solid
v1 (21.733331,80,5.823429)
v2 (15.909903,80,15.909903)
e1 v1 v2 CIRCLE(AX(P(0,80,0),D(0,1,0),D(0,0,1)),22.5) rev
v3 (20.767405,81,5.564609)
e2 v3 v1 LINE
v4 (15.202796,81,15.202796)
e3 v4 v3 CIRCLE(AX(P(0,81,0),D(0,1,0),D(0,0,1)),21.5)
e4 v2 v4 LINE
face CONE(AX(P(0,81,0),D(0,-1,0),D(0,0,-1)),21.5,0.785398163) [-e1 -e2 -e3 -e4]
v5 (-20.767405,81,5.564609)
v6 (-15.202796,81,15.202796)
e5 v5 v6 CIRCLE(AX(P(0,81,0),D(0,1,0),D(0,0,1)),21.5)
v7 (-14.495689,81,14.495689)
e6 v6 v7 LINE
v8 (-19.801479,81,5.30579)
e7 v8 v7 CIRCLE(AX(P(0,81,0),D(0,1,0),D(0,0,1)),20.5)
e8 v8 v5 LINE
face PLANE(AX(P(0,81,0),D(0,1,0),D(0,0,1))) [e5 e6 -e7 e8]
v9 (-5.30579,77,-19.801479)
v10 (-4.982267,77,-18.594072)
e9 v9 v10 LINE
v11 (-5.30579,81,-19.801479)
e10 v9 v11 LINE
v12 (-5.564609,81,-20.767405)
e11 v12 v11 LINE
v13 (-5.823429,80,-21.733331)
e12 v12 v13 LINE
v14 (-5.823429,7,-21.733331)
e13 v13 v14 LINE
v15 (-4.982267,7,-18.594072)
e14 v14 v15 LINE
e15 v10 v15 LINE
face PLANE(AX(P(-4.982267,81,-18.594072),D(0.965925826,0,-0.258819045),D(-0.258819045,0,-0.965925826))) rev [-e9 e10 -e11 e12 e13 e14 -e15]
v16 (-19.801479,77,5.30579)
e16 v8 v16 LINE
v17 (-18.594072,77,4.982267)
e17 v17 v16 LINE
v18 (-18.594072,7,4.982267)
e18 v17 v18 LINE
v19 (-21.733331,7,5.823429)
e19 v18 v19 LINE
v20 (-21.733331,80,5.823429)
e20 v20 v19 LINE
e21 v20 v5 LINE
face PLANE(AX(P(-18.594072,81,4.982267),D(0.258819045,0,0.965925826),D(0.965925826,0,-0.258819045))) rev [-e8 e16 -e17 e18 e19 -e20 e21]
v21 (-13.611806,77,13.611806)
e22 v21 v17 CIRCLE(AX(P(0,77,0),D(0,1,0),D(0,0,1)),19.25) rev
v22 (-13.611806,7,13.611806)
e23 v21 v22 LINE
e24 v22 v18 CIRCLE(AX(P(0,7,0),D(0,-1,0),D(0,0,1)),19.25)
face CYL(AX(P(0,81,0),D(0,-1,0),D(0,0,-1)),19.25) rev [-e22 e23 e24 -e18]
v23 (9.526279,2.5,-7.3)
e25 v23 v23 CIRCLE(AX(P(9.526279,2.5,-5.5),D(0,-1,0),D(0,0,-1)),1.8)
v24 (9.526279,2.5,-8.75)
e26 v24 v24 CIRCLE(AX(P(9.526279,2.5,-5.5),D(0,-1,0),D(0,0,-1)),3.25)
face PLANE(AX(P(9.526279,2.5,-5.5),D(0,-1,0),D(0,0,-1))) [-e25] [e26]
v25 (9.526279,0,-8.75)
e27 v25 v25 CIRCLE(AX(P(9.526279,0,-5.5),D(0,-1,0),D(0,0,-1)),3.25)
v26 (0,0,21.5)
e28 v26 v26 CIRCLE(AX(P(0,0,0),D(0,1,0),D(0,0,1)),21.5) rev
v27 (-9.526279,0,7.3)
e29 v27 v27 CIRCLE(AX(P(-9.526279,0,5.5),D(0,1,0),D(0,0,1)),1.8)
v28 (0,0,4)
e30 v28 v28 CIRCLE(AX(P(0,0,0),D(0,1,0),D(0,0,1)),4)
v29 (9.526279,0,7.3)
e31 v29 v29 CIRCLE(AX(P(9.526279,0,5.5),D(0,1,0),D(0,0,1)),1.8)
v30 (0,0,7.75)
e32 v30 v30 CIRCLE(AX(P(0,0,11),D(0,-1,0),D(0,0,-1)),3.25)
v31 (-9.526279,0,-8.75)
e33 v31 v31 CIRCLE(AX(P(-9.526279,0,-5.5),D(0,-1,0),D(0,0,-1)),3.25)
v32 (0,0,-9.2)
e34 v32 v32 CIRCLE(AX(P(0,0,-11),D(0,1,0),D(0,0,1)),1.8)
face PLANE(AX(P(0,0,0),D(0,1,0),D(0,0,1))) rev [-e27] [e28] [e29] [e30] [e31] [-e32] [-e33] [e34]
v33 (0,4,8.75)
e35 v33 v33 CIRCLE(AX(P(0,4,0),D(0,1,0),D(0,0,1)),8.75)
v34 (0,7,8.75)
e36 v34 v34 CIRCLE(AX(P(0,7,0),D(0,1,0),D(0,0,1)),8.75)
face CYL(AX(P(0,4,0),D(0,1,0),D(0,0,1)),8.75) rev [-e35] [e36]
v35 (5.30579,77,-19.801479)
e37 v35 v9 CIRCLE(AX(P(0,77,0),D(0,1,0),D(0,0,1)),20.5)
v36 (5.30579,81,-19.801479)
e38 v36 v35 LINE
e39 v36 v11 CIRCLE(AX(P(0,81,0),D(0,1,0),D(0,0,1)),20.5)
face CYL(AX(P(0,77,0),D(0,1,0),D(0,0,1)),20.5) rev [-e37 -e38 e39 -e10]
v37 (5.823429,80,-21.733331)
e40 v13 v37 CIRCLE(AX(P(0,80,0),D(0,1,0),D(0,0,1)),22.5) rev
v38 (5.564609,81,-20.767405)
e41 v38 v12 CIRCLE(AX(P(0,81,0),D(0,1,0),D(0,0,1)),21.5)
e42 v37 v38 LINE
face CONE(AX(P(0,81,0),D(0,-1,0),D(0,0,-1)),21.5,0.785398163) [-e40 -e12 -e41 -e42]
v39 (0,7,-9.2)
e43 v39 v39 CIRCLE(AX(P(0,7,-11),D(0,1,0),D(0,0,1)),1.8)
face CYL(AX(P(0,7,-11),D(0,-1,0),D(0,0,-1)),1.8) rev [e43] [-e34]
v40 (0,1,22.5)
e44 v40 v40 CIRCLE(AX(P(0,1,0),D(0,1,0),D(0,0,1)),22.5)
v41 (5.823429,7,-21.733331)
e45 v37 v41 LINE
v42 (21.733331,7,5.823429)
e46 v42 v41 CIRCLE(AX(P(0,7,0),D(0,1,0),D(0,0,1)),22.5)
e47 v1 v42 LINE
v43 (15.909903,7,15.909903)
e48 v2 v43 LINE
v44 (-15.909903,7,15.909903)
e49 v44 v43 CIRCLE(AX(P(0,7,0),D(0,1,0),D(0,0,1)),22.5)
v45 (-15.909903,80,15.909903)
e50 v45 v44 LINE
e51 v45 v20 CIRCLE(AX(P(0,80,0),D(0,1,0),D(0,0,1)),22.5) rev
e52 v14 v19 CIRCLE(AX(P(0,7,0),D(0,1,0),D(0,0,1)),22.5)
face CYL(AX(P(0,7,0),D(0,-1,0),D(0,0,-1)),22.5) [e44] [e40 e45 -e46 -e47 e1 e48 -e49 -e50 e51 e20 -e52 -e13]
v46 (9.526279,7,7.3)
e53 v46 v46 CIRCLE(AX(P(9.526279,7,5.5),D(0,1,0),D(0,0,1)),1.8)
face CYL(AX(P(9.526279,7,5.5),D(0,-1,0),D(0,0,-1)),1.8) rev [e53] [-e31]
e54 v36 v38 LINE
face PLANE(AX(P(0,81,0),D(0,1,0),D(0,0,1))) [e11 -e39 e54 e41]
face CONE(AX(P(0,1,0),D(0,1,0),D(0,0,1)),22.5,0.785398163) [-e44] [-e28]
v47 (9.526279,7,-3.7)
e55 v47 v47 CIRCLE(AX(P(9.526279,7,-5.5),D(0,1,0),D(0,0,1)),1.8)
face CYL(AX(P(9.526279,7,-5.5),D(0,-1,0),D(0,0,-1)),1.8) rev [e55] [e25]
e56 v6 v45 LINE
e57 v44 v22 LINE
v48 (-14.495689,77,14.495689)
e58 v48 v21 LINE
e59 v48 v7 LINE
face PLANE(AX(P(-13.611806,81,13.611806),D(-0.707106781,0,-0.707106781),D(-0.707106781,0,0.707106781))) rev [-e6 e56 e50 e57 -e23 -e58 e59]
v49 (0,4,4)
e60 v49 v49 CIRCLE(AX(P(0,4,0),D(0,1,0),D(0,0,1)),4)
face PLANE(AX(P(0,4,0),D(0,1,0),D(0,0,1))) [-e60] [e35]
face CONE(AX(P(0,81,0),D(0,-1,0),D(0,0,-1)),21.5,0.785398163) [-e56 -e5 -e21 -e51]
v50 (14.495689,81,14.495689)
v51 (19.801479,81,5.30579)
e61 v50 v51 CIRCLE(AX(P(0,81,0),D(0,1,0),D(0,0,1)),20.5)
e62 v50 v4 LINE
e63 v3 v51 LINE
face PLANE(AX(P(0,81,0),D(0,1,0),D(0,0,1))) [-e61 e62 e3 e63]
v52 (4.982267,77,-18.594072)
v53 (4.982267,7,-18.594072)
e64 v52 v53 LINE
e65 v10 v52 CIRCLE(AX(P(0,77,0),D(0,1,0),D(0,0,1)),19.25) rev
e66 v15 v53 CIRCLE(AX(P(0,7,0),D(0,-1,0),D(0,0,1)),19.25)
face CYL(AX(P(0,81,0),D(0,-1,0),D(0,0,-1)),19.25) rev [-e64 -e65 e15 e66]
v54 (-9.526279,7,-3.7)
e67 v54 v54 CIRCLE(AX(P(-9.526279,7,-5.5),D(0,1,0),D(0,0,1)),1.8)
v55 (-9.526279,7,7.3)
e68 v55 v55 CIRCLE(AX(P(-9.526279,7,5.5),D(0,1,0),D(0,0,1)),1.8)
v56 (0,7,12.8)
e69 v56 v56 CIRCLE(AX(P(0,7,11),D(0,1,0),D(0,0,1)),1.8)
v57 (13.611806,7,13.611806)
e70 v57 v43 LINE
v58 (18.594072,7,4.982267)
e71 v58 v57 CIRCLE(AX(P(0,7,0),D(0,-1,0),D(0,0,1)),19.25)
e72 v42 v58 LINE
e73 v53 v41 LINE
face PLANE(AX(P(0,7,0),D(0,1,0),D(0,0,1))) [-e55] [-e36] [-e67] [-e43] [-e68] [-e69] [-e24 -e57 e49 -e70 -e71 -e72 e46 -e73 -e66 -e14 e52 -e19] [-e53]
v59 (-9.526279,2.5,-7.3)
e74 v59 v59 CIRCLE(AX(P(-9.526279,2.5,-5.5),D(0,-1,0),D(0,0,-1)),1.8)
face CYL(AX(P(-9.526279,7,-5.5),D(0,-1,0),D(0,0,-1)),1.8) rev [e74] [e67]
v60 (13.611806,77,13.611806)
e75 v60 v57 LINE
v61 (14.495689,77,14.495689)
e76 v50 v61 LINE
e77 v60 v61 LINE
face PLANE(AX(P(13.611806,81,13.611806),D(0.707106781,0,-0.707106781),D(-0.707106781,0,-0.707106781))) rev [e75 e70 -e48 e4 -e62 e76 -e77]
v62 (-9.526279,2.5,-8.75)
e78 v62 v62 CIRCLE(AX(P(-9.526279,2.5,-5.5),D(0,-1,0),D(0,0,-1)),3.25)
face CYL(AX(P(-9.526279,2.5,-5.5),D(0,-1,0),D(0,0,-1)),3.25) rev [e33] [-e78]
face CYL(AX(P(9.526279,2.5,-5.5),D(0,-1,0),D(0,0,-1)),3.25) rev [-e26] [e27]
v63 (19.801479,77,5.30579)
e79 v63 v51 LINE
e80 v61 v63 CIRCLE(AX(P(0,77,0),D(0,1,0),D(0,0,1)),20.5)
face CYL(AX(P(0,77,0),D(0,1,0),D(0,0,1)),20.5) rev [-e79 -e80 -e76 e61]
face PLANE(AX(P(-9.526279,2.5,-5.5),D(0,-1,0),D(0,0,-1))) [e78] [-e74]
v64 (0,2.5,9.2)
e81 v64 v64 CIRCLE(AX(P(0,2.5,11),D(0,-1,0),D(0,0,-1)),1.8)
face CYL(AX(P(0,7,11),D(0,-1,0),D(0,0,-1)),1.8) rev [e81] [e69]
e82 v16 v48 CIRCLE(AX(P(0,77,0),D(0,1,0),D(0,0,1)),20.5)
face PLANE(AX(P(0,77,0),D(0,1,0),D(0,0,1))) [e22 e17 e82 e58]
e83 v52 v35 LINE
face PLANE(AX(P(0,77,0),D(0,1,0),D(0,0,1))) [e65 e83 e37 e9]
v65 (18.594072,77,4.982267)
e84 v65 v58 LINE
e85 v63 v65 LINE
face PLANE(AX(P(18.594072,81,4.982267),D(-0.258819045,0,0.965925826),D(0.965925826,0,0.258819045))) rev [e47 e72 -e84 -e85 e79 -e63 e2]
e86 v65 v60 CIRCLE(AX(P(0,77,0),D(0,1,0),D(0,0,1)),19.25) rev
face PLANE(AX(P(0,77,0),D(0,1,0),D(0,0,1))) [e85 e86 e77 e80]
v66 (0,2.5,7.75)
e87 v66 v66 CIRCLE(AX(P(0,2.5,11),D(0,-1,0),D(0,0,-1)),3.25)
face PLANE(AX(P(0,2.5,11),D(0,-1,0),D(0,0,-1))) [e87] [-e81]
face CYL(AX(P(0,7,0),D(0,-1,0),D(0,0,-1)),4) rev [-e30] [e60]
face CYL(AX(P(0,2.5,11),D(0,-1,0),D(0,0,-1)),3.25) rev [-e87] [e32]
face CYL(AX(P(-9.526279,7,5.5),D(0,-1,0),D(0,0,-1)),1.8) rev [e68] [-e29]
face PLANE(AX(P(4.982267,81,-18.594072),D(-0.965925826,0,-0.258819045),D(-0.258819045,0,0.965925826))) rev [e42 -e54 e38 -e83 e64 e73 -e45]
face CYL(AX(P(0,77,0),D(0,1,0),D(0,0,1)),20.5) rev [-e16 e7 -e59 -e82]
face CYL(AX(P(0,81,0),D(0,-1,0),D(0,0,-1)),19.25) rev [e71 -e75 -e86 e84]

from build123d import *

# Parameters (mm, degrees)
SKETCH1_R           = 22.5
SKETCH1_R_2         = 1.8
SKETCH1_R_3         = 4
BOSS_EXTRUDE1_DEPTH = 7
SKETCH4_R           = 8.75
CUT_EXTRUDE2_DEPTH  = 3
SKETCH6_R           = 3.25
CUT_EXTRUDE3_DEPTH  = 2.5
BOSS_EXTRUDE2_DEPTH = 74
SKETCH7_R           = 20.5
CUT_EXTRUDE4_DEPTH  = 4
CHAMFER2_SIZE       = 1


with BuildPart() as part:
    # Sketch1 → Boss-Extrude1 (new body)
    with BuildSketch(Plane(origin=(0, 0, 0), x_dir=(1, 0, 0), z_dir=(0, 1, 0))):
        Circle(SKETCH1_R)
        with Locations((0, 11)):
            Circle(SKETCH1_R_2, mode=Mode.SUBTRACT)
        with Locations((9.526279442, 5.5)):
            Circle(SKETCH1_R_2, mode=Mode.SUBTRACT)
        with Locations((9.526279442, -5.5)):
            Circle(SKETCH1_R_2, mode=Mode.SUBTRACT)
        with Locations((0, -11)):
            Circle(SKETCH1_R_2, mode=Mode.SUBTRACT)
        with Locations((-9.526279442, -5.5)):
            Circle(SKETCH1_R_2, mode=Mode.SUBTRACT)
        with Locations((-9.526279442, 5.5)):
            Circle(SKETCH1_R_2, mode=Mode.SUBTRACT)
        Circle(SKETCH1_R_3, mode=Mode.SUBTRACT)
    extrude(amount=BOSS_EXTRUDE1_DEPTH)

    # Sketch4 → Cut-Extrude2 (cut)
    with BuildSketch(Plane(origin=(0, 7, 0), x_dir=(1, 0, 0), z_dir=(0, 1, 0))):
        Circle(SKETCH4_R)
    extrude(amount=-CUT_EXTRUDE2_DEPTH, mode=Mode.SUBTRACT)

    # Sketch6 → Cut-Extrude3 (cut)
    with BuildSketch(Plane.XZ):
        with Locations((0, 11)):
            Circle(SKETCH6_R)
        with Locations((9.526279442, -5.5)):
            Circle(SKETCH6_R)
        with Locations((-9.526279442, -5.5)):
            Circle(SKETCH6_R)
    extrude(amount=-CUT_EXTRUDE3_DEPTH, mode=Mode.SUBTRACT)

    # Sketch2 → Boss-Extrude2 (add)
    with BuildSketch(Plane(origin=(0, 7, 0), x_dir=(1, 0, 0), z_dir=(0, 1, 0))):
        with BuildLine():
            Line((4.982266618, 18.594072156), (5.823428515, 21.733331092))
            ThreePointArc((5.823428515, 21.733331092), (0, 22.5), (-5.823428515, 21.733331092))
            Line((-5.823428515, 21.733331092), (-4.982266618, 18.594072156))
            ThreePointArc((-4.982266618, 18.594072156), (0, 19.25), (4.982266618, 18.594072156))
        make_face()
        with BuildLine():
            Line((18.594072156, -4.982266618), (21.733331092, -5.823428515))
            ThreePointArc((21.733331092, -5.823428515), (19.485571585, -11.25), (15.909902577, -15.909902577))
            Line((15.909902577, -15.909902577), (13.611805538, -13.611805538))
            ThreePointArc((13.611805538, -13.611805538), (16.670989023, -9.625), (18.594072156, -4.982266618))
        make_face()
        with BuildLine():
            Line((-13.611805538, -13.611805538), (-15.909902577, -15.909902577))
            ThreePointArc((-15.909902577, -15.909902577), (-19.485571585, -11.25), (-21.733331092, -5.823428515))
            Line((-21.733331092, -5.823428515), (-18.594072156, -4.982266618))
            ThreePointArc((-18.594072156, -4.982266618), (-16.670989023, -9.625), (-13.611805538, -13.611805538))
        make_face()
    extrude(amount=BOSS_EXTRUDE2_DEPTH)

    # Sketch7 → Cut-Extrude4 (cut)
    with BuildSketch(Plane(origin=(0, 81, 0), x_dir=(1, 0, 0), z_dir=(0, 1, 0))):
        Circle(SKETCH7_R)
    extrude(amount=-CUT_EXTRUDE4_DEPTH, mode=Mode.SUBTRACT)

    # Chamfer2
    chamfer2_edges = [part.edges().sort_by_distance(p)[0] for p in [
        (-22.5, 0, 0),
        (19.485571585, 81, 11.25),
        (0, 81, -22.5),
        (-19.485571585, 81, 11.25),
    ]]
    chamfer(chamfer2_edges, length=CHAMFER2_SIZE)


solid = part.part
